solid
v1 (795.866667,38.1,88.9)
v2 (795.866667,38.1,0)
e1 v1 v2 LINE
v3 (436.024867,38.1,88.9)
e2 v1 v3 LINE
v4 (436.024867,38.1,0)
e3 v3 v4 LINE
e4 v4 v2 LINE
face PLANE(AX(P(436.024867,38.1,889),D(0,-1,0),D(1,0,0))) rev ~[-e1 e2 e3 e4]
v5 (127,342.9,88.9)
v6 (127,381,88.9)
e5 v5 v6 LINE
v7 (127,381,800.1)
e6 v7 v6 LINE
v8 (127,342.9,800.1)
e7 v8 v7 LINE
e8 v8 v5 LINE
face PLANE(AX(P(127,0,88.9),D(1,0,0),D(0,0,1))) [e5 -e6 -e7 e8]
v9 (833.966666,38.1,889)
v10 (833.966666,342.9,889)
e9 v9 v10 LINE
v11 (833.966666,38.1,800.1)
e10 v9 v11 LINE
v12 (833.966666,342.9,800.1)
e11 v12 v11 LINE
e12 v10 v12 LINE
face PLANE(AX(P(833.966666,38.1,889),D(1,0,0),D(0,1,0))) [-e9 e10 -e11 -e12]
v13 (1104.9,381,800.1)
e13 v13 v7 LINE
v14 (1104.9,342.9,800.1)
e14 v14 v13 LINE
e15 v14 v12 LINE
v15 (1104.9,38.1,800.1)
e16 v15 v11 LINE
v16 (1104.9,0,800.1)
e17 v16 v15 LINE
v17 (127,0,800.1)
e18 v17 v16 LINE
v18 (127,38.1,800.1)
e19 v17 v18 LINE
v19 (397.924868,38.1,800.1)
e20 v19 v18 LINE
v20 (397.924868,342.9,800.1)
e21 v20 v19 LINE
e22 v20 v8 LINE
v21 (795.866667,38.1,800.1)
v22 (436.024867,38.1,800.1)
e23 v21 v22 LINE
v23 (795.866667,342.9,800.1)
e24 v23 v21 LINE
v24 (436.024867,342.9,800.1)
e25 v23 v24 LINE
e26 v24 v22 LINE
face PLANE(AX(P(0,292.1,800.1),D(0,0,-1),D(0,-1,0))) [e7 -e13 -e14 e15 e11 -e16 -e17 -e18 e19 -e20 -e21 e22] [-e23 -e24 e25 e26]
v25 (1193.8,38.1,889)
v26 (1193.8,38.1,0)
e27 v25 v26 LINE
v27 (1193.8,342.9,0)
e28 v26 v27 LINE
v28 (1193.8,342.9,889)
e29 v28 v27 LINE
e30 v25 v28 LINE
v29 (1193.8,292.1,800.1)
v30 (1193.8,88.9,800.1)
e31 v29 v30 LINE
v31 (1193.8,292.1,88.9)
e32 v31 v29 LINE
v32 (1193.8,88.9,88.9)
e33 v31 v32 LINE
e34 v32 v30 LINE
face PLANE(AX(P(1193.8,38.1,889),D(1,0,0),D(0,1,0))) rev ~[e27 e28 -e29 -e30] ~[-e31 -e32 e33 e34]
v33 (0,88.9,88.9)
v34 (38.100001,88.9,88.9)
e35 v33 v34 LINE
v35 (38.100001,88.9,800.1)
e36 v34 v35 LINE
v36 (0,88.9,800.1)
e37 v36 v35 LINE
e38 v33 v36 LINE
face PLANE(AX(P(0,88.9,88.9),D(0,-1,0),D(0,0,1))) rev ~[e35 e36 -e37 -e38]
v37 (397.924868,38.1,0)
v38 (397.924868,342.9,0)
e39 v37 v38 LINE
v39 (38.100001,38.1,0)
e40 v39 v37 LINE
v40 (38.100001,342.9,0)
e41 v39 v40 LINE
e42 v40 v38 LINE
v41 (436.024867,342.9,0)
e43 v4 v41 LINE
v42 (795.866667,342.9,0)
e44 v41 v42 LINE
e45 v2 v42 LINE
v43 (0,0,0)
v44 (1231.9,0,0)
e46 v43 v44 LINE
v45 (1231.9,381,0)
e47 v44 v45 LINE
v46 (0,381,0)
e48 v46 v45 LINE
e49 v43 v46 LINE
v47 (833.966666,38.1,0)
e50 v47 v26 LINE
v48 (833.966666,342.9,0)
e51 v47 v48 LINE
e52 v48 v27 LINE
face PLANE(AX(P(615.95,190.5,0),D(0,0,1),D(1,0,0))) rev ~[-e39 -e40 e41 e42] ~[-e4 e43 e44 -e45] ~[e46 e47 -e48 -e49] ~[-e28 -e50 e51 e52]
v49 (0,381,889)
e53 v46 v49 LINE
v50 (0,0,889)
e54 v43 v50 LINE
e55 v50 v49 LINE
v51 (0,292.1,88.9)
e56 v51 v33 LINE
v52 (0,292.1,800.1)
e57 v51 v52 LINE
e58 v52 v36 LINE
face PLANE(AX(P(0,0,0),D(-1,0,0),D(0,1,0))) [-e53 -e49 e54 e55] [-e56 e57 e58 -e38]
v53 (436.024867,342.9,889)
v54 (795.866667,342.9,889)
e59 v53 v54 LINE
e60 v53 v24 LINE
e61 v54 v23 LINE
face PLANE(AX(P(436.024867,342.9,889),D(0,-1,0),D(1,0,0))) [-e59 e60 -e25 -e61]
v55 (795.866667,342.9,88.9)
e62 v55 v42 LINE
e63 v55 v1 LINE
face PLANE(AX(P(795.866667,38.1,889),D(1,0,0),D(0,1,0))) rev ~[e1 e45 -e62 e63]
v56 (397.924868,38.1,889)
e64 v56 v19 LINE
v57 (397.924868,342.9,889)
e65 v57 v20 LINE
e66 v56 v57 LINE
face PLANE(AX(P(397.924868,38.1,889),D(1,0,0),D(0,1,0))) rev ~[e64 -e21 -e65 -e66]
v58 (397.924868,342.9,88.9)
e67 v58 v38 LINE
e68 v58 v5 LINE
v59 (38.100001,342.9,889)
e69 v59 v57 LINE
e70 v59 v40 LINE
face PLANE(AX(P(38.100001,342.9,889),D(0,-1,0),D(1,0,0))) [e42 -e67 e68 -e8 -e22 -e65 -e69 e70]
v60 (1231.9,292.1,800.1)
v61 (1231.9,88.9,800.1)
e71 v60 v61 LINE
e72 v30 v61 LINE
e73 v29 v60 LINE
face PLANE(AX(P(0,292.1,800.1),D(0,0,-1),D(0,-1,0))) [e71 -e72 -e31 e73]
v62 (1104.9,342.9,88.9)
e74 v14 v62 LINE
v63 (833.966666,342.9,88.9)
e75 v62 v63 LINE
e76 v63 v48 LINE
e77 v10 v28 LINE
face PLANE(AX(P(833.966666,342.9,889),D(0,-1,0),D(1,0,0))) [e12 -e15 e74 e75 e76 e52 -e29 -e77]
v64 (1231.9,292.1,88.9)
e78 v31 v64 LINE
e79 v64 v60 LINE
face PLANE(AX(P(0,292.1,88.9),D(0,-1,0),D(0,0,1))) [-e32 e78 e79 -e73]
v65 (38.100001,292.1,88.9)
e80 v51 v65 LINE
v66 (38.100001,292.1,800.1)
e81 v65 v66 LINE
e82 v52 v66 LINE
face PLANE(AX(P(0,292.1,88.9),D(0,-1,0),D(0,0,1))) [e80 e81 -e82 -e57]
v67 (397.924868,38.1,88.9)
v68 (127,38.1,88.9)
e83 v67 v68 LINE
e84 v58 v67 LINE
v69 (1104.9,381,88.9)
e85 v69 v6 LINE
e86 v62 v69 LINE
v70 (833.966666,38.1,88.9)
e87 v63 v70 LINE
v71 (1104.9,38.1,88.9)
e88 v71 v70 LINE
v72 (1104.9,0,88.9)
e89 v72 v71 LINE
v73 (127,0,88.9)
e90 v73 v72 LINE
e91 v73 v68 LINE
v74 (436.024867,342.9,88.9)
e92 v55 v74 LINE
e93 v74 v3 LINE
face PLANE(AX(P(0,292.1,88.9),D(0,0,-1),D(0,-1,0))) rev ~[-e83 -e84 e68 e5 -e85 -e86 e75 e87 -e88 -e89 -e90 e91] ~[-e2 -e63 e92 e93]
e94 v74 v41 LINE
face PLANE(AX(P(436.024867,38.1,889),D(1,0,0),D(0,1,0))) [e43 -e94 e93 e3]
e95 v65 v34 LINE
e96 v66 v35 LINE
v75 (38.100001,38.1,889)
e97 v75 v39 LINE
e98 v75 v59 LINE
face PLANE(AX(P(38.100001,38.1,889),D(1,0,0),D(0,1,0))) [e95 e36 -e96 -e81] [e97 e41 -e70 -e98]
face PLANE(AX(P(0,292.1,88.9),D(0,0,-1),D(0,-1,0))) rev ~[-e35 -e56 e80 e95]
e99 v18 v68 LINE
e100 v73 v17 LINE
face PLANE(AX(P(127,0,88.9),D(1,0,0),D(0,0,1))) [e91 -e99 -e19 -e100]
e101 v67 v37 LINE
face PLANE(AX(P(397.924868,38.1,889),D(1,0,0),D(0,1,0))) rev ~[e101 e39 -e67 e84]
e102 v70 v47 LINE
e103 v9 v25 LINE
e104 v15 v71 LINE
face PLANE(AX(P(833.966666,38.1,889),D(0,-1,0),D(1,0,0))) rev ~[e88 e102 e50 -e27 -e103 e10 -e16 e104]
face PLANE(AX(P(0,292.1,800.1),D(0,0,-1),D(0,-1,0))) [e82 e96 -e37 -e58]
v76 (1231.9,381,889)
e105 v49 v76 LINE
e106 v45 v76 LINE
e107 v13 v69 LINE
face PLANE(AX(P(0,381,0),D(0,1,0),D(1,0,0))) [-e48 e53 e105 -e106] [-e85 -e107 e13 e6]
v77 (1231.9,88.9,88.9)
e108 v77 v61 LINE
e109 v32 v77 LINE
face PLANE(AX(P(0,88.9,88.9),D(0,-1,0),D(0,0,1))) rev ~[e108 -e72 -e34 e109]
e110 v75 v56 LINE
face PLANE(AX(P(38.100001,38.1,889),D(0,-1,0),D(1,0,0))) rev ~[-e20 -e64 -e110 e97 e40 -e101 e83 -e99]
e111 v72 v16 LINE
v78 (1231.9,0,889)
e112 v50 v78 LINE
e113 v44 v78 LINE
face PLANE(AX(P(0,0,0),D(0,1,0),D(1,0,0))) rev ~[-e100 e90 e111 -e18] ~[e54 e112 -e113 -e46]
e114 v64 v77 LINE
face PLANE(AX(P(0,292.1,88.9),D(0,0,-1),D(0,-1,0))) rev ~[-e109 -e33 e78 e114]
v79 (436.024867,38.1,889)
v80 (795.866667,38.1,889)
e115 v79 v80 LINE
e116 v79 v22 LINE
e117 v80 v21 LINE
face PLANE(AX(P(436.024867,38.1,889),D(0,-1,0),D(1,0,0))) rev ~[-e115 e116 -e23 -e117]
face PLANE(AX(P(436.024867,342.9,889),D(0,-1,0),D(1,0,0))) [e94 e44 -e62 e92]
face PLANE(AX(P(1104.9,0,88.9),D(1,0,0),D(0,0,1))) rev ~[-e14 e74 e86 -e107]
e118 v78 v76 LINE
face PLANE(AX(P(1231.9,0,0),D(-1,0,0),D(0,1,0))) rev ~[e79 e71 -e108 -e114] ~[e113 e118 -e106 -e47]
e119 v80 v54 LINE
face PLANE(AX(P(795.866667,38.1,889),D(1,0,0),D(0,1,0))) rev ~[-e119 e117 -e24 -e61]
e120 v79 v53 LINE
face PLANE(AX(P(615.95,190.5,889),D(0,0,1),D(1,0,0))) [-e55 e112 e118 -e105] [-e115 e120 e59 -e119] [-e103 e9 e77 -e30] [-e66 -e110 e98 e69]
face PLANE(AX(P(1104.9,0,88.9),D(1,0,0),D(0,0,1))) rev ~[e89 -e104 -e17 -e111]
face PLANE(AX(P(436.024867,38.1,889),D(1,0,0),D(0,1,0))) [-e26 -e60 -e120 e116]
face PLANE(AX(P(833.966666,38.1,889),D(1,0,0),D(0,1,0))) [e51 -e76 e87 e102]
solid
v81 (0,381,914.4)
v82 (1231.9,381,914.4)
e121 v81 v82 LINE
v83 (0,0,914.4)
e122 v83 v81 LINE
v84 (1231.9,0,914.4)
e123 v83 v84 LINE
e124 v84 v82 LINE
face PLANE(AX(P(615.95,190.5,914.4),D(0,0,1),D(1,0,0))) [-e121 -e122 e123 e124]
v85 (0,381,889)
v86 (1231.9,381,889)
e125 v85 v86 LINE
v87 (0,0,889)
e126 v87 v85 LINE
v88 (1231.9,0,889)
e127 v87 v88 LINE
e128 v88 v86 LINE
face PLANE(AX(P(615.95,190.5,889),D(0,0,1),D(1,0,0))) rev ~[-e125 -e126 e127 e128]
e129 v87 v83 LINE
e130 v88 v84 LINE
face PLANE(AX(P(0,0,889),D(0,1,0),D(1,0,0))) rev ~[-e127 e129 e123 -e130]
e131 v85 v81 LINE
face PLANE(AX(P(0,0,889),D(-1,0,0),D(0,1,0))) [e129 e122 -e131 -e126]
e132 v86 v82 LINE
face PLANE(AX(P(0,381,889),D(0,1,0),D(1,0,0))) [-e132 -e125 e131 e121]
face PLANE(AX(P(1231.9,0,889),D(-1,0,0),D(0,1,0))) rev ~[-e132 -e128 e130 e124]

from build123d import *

# Parameters (mm, degrees)
F0_W     = 1231.9
F0_H     = 381
F6_DEPTH = 889
F1_W     = 203.2
F1_H     = 711.2
F2_DEPTH = 1231.901
F3_W     = 977.9
F3_H     = 711.2
F7_DEPTH = 381.001
F8_W     = 359.824867
F8_H     = 304.8
F8_W_2   = 359.8418
F8_W_3   = 359.833333
F9_DEPTH = 889.001
F4_W     = 1231.9
F4_H     = 381
F5_DEPTH = 25.4


with BuildPart() as f6:
    # F0 (on Top) → F6 (new body)
    with BuildSketch(Plane.XY):
        with Locations((615.95, 190.5)):
            Rectangle(F0_W, F0_H)
    extrude(amount=F6_DEPTH)

    # F1 (on face) → F2 (cut, through all)
    with BuildSketch(Plane(origin=(0, 0, 0), x_dir=(0, -1, 0), z_dir=(-1, 0, 0))):
        with Locations((-190.5, 444.5)):
            Rectangle(F1_W, F1_H)
    extrude(amount=-F2_DEPTH, mode=Mode.SUBTRACT)

    # F3 (on face) → F7 (cut, through all)
    with BuildSketch(Plane.XZ):
        with Locations((615.95, 444.5)):
            Rectangle(F3_W, F3_H)
    extrude(amount=-F7_DEPTH, mode=Mode.SUBTRACT)

    # F8 (on face) → F9 (cut, through all)
    with BuildSketch(Plane.XY.offset(889)):
        with Locations((218.012434, 190.5)):
            Rectangle(F8_W, F8_H)
        with Locations((615.945767, 190.5)):
            Rectangle(F8_W_2, F8_H)
        with Locations((1013.883333, 190.5)):
            Rectangle(F8_W_3, F8_H)
    extrude(amount=-F9_DEPTH, mode=Mode.SUBTRACT)


with BuildPart() as f5:
    # F4 (on face) → F5 (new body)
    with BuildSketch(Plane.XY.offset(889)):
        with Locations((615.95, 190.5)):
            Rectangle(F4_W, F4_H)
    extrude(amount=F5_DEPTH)


solid = Compound([f6.part, f5.part])
